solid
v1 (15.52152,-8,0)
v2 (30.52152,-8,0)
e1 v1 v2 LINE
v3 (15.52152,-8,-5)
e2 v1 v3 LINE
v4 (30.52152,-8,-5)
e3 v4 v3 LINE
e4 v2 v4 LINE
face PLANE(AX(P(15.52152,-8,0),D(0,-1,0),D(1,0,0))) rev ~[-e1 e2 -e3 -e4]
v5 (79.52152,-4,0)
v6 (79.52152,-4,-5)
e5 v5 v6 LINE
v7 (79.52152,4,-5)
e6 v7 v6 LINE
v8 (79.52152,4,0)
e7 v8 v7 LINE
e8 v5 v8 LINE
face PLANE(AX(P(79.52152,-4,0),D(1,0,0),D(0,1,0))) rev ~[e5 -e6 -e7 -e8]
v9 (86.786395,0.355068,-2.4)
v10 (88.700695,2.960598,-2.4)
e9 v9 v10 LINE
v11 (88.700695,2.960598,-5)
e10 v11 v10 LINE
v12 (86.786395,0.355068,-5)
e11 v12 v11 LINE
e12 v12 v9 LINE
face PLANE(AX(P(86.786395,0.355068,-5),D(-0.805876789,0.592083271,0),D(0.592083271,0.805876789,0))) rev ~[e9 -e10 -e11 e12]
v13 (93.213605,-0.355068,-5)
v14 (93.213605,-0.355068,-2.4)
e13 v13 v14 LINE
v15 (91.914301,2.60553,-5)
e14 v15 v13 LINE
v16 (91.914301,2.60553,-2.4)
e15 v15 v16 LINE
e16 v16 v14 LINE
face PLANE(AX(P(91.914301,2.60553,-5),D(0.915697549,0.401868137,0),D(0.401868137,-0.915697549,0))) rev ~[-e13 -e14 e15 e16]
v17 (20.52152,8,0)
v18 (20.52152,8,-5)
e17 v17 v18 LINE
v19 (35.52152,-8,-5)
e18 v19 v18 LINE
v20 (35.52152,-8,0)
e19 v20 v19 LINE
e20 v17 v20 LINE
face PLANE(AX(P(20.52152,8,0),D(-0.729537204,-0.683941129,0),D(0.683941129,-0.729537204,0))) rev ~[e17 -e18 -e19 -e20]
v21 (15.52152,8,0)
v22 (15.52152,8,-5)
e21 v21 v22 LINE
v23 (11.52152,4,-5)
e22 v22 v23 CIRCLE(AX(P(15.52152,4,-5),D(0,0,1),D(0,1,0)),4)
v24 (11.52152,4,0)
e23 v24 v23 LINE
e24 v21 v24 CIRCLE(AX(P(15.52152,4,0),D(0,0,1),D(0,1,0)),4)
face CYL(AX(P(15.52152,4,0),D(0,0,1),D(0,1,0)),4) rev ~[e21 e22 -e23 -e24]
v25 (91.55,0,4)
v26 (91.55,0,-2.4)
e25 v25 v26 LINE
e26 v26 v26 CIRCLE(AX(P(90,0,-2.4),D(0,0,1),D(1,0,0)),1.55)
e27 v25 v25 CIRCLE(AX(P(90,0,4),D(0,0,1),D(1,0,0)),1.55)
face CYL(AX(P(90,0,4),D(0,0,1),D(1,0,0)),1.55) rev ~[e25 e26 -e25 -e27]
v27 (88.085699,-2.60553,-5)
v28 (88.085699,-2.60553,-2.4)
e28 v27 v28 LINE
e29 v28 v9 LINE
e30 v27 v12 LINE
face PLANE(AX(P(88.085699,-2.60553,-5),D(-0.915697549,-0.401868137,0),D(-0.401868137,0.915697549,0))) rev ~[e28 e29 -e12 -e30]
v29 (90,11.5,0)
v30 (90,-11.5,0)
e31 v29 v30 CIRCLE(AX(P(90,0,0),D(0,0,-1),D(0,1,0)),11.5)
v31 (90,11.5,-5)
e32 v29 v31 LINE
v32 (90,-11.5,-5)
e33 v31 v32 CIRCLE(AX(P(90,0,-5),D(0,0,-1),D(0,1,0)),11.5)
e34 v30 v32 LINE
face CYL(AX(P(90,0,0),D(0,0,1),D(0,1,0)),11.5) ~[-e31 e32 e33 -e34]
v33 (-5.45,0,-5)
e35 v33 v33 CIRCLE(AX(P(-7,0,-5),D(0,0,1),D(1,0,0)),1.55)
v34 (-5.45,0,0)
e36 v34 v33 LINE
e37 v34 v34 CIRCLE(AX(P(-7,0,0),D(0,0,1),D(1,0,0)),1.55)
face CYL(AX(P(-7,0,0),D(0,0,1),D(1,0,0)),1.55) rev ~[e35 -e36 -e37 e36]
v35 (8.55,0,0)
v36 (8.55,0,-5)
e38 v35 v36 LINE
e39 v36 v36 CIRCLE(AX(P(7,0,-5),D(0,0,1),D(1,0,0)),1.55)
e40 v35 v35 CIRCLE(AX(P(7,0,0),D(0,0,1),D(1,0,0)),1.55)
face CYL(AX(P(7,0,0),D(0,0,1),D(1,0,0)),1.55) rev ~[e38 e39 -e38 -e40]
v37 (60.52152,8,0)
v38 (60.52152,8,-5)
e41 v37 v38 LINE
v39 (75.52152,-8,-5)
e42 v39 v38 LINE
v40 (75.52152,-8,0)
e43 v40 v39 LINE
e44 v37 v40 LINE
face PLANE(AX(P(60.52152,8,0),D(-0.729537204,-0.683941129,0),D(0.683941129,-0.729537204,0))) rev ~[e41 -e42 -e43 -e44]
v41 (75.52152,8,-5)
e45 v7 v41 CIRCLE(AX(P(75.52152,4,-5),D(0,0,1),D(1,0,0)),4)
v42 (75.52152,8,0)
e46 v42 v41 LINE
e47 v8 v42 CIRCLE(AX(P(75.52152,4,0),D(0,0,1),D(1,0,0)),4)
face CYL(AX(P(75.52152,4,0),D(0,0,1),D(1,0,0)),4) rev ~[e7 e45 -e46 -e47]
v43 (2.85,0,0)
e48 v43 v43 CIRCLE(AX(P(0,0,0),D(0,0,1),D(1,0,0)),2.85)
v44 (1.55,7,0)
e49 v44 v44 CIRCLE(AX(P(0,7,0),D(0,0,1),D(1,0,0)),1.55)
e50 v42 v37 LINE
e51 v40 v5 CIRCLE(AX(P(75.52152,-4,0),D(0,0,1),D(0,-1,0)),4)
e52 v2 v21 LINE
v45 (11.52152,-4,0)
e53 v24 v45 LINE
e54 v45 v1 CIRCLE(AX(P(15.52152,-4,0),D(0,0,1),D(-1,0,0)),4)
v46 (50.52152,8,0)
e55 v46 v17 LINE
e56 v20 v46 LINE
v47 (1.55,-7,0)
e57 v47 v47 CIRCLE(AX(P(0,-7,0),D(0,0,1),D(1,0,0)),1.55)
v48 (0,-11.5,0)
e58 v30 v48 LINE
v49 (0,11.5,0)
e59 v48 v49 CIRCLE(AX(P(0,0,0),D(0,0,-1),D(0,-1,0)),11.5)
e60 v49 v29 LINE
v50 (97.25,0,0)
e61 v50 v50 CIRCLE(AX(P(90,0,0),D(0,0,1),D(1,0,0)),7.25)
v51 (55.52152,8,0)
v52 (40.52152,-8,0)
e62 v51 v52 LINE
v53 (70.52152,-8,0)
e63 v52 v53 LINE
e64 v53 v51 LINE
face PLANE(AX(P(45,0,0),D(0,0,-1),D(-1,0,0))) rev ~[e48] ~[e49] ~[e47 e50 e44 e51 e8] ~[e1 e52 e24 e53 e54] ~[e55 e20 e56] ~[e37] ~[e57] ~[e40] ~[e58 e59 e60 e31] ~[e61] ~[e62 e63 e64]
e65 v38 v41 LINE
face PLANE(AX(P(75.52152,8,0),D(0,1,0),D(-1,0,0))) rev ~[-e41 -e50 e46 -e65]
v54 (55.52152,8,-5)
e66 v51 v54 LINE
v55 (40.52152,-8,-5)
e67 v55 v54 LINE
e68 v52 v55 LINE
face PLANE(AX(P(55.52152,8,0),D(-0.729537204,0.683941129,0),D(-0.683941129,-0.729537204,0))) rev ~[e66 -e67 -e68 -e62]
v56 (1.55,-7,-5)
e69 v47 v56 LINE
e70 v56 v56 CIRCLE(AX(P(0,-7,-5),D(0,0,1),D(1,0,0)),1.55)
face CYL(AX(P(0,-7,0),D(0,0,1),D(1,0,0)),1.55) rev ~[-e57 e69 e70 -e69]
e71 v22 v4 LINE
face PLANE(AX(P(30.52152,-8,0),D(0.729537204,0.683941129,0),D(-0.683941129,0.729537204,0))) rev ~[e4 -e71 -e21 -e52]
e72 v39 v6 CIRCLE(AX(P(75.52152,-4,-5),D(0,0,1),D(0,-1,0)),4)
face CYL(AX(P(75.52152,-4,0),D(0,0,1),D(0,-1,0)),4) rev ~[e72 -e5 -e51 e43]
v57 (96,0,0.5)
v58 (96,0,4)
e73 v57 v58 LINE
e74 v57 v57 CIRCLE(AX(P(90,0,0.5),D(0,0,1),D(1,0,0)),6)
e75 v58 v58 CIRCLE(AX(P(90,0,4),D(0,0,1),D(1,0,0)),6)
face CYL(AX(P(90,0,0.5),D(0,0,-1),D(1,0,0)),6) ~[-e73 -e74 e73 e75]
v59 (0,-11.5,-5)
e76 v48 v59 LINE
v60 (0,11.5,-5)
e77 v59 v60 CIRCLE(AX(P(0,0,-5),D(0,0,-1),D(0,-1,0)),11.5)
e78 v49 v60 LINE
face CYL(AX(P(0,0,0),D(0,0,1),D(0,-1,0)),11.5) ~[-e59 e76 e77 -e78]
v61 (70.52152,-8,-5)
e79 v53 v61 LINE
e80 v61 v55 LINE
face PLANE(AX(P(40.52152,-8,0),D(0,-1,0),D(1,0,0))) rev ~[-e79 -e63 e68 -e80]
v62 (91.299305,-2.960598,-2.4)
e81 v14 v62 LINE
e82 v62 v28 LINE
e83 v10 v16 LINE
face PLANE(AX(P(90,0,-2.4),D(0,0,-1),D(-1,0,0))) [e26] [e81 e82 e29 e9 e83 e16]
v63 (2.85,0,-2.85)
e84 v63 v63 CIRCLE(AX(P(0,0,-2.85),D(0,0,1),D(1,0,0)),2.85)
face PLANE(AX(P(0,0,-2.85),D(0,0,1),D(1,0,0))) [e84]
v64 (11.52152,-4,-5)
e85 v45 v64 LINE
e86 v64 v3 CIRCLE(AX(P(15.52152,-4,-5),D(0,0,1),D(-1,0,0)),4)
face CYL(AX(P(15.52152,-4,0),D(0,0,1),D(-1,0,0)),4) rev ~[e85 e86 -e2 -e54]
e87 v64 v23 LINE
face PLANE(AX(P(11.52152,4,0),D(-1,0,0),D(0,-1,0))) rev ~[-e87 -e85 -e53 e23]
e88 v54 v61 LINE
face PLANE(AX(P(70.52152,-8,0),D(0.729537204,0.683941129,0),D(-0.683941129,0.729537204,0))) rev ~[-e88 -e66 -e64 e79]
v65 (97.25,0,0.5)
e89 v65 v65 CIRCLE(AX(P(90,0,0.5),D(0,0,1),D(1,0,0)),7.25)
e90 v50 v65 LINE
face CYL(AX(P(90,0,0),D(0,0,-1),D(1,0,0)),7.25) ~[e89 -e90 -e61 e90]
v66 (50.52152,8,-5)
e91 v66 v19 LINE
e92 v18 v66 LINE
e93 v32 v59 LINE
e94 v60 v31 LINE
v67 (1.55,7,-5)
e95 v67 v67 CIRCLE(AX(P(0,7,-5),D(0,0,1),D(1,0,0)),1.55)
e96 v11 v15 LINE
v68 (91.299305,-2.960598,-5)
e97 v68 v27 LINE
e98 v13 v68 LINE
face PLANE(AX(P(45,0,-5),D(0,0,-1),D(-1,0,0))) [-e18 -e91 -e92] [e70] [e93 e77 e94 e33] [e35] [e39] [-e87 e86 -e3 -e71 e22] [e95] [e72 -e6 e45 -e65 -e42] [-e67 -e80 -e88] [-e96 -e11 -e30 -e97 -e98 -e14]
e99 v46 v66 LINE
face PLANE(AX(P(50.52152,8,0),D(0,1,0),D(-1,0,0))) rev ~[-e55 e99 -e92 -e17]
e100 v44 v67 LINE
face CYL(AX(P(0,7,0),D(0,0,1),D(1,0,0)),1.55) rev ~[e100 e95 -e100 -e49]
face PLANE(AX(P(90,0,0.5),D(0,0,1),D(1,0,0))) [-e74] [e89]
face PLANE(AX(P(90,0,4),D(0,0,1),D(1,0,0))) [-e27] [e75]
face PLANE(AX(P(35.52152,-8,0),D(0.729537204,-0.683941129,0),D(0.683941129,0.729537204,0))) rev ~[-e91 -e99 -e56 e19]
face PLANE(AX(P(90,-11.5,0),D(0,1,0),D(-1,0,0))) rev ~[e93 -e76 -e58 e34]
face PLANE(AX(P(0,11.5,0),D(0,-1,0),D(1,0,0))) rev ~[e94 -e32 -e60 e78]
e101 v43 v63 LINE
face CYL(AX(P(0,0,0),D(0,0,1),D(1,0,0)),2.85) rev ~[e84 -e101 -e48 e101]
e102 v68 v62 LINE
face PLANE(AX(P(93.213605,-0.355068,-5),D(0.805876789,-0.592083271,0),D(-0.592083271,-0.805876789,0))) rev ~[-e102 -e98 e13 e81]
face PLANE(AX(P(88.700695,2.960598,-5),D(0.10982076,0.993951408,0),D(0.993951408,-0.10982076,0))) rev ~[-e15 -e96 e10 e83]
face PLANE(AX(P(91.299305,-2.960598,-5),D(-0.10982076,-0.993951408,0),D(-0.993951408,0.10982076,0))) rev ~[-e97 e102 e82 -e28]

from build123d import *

# Parameters (mm, degrees)
BOSS_EXTRUDE1_DEPTH = 5
SKETCH11_R          = 7.25
BOSS_EXTRUDE3_DEPTH = 0.5
SKETCH12_R          = 6
BOSS_EXTRUDE4_DEPTH = 3.5
SKETCH13_R          = 1.55
CUT_EXTRUDE1_DEPTH  = 20.5
CUT_EXTRUDE2_DEPTH  = 2.6
SKETCH17_R          = 1.55
CUT_EXTRUDE4_DEPTH  = 10.02
SKETCH18_R          = 2.85
CUT_EXTRUDE5_DEPTH  = 2.85
CUT_EXTRUDE7_DEPTH  = 10


with BuildPart() as part:
    # Sketch2 → Boss-Extrude1 (new body)
    with BuildSketch(Plane.XY):
        with BuildLine():
            Line((0, 11.5), (90, 11.5))
            ThreePointArc((90, 11.5), (101.5, 0), (90, -11.5))
            Line((90, -11.5), (0, -11.5))
            ThreePointArc((0, -11.5), (-11.5, 0), (0, 11.5))
        make_face()
    extrude(amount=-BOSS_EXTRUDE1_DEPTH)

    # Sketch11 → Boss-Extrude3 (add)
    with BuildSketch(Plane.XY):
        with Locations((90, 0)):
            Circle(SKETCH11_R)
    extrude(amount=BOSS_EXTRUDE3_DEPTH)

    # Sketch12 → Boss-Extrude4 (add)
    with BuildSketch(Plane.XY.offset(0.5)):
        with Locations((90, 0)):
            Circle(SKETCH12_R)
    extrude(amount=BOSS_EXTRUDE4_DEPTH)

    # Sketch13 → Cut-Extrude1 (cut)
    with BuildSketch(Plane.XY.offset(4)):
        with Locations((90, 0)):
            Circle(SKETCH13_R)
    extrude(amount=-CUT_EXTRUDE1_DEPTH, mode=Mode.SUBTRACT)

    # Sketch14 → Cut-Extrude2 (cut)
    with BuildSketch(Plane(origin=(0, 0, -5), x_dir=(-1, 0, 0), z_dir=(0, 0, -1))):
        Polygon((-93.213605432, -0.355068252), (-91.299304589, -2.960598068), (-88.085699158, -2.605529815), (-86.786394568, 0.355068252), (-88.700695411, 2.960598068), (-91.914300842, 2.605529815), align=None)
    extrude(amount=-CUT_EXTRUDE2_DEPTH, mode=Mode.SUBTRACT)

    # Sketch17 → Cut-Extrude4 (cut)
    with BuildSketch(Plane.XY):
        with Locations((0, 7)):
            Circle(SKETCH17_R)
        with Locations((0, -7)):
            Circle(SKETCH17_R)
        with Locations((-7, 0)):
            Circle(SKETCH17_R)
        with Locations((7, 0)):
            Circle(SKETCH17_R)
    extrude(amount=-CUT_EXTRUDE4_DEPTH, mode=Mode.SUBTRACT)

    # Sketch18 → Cut-Extrude5 (cut)
    with BuildSketch(Plane.XY):
        Circle(SKETCH18_R)
    extrude(amount=-CUT_EXTRUDE5_DEPTH, mode=Mode.SUBTRACT)

    # Sketch19 → Cut-Extrude7 (cut)
    with BuildSketch(Plane.XY):
        with BuildLine():
            Line((30.521520475, -8), (15.521520475, 8))
            ThreePointArc((15.521520475, 8), (12.69309335, 6.828427125), (11.521520475, 4))
            Line((11.521520475, 4), (11.521520475, -4))
            ThreePointArc((11.521520475, -4), (12.69309335, -6.828427125), (15.521520475, -8))
            Line((15.521520475, -8), (30.521520475, -8))
        make_face()
        Polygon((50.521520475, 8), (20.521520475, 8), (35.521520475, -8), align=None)
        Polygon((70.521520475, -8), (55.521520475, 8), (40.521520475, -8), align=None)
        with BuildLine():
            Line((75.521520475, 8), (60.521520475, 8))
            Line((60.521520475, 8), (75.521520475, -8))
            ThreePointArc((75.521520475, -8), (78.3499476, -6.828427125), (79.521520475, -4))
            Line((79.521520475, -4), (79.521520475, 4))
            ThreePointArc((79.521520475, 4), (78.3499476, 6.828427125), (75.521520475, 8))
        make_face()
    extrude(amount=-CUT_EXTRUDE7_DEPTH, mode=Mode.SUBTRACT)


solid = part.part
